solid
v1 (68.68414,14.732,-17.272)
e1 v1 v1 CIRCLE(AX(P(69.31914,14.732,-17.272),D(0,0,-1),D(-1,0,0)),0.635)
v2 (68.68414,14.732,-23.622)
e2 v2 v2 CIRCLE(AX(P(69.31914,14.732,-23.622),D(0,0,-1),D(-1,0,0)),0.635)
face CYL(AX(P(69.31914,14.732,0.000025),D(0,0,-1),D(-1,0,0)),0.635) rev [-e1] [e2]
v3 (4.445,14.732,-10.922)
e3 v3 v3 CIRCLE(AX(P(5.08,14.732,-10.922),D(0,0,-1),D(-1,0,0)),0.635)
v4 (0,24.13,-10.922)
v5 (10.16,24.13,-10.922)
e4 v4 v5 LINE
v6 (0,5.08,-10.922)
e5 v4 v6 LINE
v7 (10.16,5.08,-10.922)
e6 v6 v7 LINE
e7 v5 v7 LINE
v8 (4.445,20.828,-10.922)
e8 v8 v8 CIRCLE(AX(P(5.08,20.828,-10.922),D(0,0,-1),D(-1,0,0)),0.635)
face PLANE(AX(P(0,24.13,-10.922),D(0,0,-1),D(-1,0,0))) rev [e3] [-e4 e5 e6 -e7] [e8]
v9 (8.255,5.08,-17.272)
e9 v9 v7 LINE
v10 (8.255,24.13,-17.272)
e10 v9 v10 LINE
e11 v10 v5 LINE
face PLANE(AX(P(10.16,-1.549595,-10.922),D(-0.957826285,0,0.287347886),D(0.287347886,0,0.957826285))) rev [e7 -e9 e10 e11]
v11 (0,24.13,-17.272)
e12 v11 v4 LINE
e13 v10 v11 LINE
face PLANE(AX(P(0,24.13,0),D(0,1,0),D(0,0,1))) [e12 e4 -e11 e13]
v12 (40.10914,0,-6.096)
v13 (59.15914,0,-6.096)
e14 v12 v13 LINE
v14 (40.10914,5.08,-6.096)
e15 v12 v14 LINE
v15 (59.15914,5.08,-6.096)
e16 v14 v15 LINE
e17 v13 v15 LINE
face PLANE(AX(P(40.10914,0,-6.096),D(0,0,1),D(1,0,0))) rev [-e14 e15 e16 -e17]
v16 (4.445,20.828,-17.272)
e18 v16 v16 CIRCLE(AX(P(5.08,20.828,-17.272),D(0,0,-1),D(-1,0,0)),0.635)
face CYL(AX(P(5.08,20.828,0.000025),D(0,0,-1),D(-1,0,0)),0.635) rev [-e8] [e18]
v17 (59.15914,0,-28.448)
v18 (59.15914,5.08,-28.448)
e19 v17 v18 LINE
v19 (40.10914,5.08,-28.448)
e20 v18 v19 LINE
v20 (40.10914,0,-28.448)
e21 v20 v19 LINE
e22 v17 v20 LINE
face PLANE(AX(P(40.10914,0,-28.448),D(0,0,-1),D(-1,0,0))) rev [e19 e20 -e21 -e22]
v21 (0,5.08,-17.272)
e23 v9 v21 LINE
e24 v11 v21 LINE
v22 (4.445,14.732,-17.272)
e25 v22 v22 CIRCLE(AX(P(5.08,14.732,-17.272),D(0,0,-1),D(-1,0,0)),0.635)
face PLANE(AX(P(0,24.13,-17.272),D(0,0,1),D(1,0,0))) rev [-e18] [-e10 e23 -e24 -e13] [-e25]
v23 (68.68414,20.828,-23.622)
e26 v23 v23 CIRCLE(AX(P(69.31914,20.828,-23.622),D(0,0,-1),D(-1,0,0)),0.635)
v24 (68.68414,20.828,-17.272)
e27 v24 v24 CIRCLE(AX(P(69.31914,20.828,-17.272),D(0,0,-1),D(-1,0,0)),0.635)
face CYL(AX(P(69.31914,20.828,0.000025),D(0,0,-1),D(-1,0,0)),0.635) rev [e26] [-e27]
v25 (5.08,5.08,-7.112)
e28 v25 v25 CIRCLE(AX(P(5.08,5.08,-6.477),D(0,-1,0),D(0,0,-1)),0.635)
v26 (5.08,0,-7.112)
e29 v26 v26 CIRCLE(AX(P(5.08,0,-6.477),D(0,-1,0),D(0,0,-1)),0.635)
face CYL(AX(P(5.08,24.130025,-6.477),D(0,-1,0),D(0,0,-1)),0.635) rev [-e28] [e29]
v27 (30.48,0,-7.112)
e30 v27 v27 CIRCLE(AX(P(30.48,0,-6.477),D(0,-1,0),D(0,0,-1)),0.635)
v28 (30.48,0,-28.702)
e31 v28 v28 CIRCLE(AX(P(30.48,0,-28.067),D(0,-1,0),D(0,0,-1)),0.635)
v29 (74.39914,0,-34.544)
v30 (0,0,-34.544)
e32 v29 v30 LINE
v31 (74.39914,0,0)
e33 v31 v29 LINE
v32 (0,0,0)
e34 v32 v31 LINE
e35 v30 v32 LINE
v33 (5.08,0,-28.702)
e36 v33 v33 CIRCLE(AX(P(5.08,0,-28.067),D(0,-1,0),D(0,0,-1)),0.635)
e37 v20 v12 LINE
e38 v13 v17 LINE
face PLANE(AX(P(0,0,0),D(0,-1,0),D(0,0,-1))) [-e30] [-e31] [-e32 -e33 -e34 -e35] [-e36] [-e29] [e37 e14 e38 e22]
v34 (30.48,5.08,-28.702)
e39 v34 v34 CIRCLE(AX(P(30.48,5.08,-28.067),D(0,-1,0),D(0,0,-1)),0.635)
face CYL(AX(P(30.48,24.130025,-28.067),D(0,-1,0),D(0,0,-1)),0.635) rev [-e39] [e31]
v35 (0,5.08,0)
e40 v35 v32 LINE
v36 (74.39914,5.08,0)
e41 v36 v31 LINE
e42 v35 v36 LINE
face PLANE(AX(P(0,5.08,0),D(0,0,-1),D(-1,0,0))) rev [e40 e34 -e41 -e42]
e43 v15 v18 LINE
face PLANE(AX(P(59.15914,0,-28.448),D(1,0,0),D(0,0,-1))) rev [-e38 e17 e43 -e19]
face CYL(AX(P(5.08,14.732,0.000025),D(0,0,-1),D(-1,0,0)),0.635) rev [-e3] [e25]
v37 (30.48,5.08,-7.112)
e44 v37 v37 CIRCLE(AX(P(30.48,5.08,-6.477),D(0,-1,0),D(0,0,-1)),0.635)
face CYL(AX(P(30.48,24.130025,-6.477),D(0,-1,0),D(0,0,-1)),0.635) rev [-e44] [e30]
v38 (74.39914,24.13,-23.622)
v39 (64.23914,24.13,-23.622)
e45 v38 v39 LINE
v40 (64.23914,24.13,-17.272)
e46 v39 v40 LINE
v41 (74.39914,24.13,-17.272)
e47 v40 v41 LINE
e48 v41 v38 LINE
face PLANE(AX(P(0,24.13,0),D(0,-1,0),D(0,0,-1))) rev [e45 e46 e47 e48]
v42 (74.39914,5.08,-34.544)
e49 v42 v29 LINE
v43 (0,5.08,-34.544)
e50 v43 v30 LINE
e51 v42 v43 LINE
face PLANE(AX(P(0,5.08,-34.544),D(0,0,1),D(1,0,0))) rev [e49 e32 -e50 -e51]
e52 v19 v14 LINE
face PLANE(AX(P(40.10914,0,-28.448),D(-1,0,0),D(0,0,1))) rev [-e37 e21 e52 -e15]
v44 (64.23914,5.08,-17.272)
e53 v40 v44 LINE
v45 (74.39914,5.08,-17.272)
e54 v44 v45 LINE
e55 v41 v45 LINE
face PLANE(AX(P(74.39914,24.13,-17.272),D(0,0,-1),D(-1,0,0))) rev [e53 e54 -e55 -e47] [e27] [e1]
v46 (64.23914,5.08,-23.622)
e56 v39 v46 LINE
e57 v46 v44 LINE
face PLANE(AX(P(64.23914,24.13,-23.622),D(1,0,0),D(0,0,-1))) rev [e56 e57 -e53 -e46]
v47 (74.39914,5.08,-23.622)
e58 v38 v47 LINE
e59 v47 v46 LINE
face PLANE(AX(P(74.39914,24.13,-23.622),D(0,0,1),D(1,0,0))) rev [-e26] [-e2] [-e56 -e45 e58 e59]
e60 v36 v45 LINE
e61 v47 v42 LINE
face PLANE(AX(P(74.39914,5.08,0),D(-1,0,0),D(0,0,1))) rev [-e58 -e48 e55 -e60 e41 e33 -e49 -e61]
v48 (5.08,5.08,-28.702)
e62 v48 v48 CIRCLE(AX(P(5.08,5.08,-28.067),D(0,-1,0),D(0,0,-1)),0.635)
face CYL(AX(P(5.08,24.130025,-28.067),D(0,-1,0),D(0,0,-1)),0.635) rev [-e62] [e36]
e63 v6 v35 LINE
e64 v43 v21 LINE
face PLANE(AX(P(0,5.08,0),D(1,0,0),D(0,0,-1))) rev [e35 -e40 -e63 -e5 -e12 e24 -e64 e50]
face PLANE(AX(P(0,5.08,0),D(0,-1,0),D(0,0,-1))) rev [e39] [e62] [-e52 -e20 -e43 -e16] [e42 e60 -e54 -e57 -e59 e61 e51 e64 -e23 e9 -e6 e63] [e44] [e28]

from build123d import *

# Parameters (mm, degrees)
SKETCH1_W           = 74.39914
SKETCH1_H           = 34.544
BOSS_EXTRUDE1_DEPTH = 5.08
SKETCH2_W           = 10.16
SKETCH2_H           = 6.35
BOSS_EXTRUDE2_DEPTH = 19.05
SKETCH3_R           = 0.635
CUT_EXTRUDE1_DEPTH  = 82.703658527
SKETCH4_W           = 19.05
SKETCH4_H           = 22.352
CUT_EXTRUDE2_DEPTH  = 85.210584066
SKETCH5_R           = 0.635
CUT_EXTRUDE3_DEPTH  = 86.503081048
SKETCH6_R           = 0.635
CUT_EXTRUDE4_DEPTH  = 81.098757273
CUT_EXTRUDE5_DEPTH  = 19.05


with BuildPart() as part:
    # Sketch1 → Boss-Extrude1 (new body)
    with BuildSketch(Plane(origin=(0, 0, 0), x_dir=(1, 0, 0), z_dir=(0, 1, 0))):
        with Locations((37.19957, 17.272)):
            Rectangle(SKETCH1_W, SKETCH1_H)
    extrude(amount=BOSS_EXTRUDE1_DEPTH)

    # Sketch2 → Boss-Extrude2 (add)
    with BuildSketch(Plane(origin=(0, 5.08, 0), x_dir=(1, 0, 0), z_dir=(0, 1, 0))):
        with Locations((69.31914, 20.447)):
            Rectangle(SKETCH2_W, SKETCH2_H)
        with Locations((5.08, 14.097)):
            Rectangle(SKETCH2_W, SKETCH2_H)
    extrude(amount=BOSS_EXTRUDE2_DEPTH)

    # Sketch3 → Cut-Extrude1 (cut, through all)
    with BuildSketch(Plane(origin=(0, 0, -23.622), x_dir=(-1, 0, 0), z_dir=(0, 0, -1))):
        with Locations((-69.31914, 20.828)):
            Circle(SKETCH3_R)
        with Locations((-69.31914, 14.732)):
            Circle(SKETCH3_R)
    extrude(amount=-CUT_EXTRUDE1_DEPTH, mode=Mode.SUBTRACT)

    # Sketch4 → Cut-Extrude2 (cut, through all)
    with BuildSketch(Plane(origin=(0, 5.08, 0), x_dir=(1, 0, 0), z_dir=(0, 1, 0))):
        with Locations((49.63414, 17.272)):
            Rectangle(SKETCH4_W, SKETCH4_H)
    extrude(amount=-CUT_EXTRUDE2_DEPTH, mode=Mode.SUBTRACT)

    # Sketch5 → Cut-Extrude3 (cut, through all)
    with BuildSketch(Plane(origin=(0, 0, 0), x_dir=(-1, 0, 0), z_dir=(0, -1, 0))):
        with Locations(Location((-5.08, 28.067, 0), (0, 0, 90))):
            Circle(SKETCH5_R)
        with Locations(Location((-30.48, 28.067, 0), (0, 0, 90))):
            Circle(SKETCH5_R)
        with Locations(Location((-30.48, 6.477, 0), (0, 0, 90))):
            Circle(SKETCH5_R)
        with Locations(Location((-5.08, 6.477, 0), (0, 0, 90))):
            Circle(SKETCH5_R)
    extrude(amount=-CUT_EXTRUDE3_DEPTH, mode=Mode.SUBTRACT)

    # Sketch6 → Cut-Extrude4 (cut, through all)
    with BuildSketch(Plane(origin=(0, 0, -17.272), x_dir=(-1, 0, 0), z_dir=(0, 0, -1))):
        with Locations((-5.08, 20.828)):
            Circle(SKETCH6_R)
        with Locations((-5.08, 14.732)):
            Circle(SKETCH6_R)
    extrude(amount=-CUT_EXTRUDE4_DEPTH, mode=Mode.SUBTRACT)

    # Sketch8 → Cut-Extrude5 (cut)
    with BuildSketch(Plane(origin=(0, 24.13, 0), x_dir=(1, 0, 0), z_dir=(0, 1, 0))):
        Polygon((10.16, 10.922), (8.255, 17.272), (10.16, 17.272), align=None)
    extrude(amount=-CUT_EXTRUDE5_DEPTH, mode=Mode.SUBTRACT)


solid = part.part
